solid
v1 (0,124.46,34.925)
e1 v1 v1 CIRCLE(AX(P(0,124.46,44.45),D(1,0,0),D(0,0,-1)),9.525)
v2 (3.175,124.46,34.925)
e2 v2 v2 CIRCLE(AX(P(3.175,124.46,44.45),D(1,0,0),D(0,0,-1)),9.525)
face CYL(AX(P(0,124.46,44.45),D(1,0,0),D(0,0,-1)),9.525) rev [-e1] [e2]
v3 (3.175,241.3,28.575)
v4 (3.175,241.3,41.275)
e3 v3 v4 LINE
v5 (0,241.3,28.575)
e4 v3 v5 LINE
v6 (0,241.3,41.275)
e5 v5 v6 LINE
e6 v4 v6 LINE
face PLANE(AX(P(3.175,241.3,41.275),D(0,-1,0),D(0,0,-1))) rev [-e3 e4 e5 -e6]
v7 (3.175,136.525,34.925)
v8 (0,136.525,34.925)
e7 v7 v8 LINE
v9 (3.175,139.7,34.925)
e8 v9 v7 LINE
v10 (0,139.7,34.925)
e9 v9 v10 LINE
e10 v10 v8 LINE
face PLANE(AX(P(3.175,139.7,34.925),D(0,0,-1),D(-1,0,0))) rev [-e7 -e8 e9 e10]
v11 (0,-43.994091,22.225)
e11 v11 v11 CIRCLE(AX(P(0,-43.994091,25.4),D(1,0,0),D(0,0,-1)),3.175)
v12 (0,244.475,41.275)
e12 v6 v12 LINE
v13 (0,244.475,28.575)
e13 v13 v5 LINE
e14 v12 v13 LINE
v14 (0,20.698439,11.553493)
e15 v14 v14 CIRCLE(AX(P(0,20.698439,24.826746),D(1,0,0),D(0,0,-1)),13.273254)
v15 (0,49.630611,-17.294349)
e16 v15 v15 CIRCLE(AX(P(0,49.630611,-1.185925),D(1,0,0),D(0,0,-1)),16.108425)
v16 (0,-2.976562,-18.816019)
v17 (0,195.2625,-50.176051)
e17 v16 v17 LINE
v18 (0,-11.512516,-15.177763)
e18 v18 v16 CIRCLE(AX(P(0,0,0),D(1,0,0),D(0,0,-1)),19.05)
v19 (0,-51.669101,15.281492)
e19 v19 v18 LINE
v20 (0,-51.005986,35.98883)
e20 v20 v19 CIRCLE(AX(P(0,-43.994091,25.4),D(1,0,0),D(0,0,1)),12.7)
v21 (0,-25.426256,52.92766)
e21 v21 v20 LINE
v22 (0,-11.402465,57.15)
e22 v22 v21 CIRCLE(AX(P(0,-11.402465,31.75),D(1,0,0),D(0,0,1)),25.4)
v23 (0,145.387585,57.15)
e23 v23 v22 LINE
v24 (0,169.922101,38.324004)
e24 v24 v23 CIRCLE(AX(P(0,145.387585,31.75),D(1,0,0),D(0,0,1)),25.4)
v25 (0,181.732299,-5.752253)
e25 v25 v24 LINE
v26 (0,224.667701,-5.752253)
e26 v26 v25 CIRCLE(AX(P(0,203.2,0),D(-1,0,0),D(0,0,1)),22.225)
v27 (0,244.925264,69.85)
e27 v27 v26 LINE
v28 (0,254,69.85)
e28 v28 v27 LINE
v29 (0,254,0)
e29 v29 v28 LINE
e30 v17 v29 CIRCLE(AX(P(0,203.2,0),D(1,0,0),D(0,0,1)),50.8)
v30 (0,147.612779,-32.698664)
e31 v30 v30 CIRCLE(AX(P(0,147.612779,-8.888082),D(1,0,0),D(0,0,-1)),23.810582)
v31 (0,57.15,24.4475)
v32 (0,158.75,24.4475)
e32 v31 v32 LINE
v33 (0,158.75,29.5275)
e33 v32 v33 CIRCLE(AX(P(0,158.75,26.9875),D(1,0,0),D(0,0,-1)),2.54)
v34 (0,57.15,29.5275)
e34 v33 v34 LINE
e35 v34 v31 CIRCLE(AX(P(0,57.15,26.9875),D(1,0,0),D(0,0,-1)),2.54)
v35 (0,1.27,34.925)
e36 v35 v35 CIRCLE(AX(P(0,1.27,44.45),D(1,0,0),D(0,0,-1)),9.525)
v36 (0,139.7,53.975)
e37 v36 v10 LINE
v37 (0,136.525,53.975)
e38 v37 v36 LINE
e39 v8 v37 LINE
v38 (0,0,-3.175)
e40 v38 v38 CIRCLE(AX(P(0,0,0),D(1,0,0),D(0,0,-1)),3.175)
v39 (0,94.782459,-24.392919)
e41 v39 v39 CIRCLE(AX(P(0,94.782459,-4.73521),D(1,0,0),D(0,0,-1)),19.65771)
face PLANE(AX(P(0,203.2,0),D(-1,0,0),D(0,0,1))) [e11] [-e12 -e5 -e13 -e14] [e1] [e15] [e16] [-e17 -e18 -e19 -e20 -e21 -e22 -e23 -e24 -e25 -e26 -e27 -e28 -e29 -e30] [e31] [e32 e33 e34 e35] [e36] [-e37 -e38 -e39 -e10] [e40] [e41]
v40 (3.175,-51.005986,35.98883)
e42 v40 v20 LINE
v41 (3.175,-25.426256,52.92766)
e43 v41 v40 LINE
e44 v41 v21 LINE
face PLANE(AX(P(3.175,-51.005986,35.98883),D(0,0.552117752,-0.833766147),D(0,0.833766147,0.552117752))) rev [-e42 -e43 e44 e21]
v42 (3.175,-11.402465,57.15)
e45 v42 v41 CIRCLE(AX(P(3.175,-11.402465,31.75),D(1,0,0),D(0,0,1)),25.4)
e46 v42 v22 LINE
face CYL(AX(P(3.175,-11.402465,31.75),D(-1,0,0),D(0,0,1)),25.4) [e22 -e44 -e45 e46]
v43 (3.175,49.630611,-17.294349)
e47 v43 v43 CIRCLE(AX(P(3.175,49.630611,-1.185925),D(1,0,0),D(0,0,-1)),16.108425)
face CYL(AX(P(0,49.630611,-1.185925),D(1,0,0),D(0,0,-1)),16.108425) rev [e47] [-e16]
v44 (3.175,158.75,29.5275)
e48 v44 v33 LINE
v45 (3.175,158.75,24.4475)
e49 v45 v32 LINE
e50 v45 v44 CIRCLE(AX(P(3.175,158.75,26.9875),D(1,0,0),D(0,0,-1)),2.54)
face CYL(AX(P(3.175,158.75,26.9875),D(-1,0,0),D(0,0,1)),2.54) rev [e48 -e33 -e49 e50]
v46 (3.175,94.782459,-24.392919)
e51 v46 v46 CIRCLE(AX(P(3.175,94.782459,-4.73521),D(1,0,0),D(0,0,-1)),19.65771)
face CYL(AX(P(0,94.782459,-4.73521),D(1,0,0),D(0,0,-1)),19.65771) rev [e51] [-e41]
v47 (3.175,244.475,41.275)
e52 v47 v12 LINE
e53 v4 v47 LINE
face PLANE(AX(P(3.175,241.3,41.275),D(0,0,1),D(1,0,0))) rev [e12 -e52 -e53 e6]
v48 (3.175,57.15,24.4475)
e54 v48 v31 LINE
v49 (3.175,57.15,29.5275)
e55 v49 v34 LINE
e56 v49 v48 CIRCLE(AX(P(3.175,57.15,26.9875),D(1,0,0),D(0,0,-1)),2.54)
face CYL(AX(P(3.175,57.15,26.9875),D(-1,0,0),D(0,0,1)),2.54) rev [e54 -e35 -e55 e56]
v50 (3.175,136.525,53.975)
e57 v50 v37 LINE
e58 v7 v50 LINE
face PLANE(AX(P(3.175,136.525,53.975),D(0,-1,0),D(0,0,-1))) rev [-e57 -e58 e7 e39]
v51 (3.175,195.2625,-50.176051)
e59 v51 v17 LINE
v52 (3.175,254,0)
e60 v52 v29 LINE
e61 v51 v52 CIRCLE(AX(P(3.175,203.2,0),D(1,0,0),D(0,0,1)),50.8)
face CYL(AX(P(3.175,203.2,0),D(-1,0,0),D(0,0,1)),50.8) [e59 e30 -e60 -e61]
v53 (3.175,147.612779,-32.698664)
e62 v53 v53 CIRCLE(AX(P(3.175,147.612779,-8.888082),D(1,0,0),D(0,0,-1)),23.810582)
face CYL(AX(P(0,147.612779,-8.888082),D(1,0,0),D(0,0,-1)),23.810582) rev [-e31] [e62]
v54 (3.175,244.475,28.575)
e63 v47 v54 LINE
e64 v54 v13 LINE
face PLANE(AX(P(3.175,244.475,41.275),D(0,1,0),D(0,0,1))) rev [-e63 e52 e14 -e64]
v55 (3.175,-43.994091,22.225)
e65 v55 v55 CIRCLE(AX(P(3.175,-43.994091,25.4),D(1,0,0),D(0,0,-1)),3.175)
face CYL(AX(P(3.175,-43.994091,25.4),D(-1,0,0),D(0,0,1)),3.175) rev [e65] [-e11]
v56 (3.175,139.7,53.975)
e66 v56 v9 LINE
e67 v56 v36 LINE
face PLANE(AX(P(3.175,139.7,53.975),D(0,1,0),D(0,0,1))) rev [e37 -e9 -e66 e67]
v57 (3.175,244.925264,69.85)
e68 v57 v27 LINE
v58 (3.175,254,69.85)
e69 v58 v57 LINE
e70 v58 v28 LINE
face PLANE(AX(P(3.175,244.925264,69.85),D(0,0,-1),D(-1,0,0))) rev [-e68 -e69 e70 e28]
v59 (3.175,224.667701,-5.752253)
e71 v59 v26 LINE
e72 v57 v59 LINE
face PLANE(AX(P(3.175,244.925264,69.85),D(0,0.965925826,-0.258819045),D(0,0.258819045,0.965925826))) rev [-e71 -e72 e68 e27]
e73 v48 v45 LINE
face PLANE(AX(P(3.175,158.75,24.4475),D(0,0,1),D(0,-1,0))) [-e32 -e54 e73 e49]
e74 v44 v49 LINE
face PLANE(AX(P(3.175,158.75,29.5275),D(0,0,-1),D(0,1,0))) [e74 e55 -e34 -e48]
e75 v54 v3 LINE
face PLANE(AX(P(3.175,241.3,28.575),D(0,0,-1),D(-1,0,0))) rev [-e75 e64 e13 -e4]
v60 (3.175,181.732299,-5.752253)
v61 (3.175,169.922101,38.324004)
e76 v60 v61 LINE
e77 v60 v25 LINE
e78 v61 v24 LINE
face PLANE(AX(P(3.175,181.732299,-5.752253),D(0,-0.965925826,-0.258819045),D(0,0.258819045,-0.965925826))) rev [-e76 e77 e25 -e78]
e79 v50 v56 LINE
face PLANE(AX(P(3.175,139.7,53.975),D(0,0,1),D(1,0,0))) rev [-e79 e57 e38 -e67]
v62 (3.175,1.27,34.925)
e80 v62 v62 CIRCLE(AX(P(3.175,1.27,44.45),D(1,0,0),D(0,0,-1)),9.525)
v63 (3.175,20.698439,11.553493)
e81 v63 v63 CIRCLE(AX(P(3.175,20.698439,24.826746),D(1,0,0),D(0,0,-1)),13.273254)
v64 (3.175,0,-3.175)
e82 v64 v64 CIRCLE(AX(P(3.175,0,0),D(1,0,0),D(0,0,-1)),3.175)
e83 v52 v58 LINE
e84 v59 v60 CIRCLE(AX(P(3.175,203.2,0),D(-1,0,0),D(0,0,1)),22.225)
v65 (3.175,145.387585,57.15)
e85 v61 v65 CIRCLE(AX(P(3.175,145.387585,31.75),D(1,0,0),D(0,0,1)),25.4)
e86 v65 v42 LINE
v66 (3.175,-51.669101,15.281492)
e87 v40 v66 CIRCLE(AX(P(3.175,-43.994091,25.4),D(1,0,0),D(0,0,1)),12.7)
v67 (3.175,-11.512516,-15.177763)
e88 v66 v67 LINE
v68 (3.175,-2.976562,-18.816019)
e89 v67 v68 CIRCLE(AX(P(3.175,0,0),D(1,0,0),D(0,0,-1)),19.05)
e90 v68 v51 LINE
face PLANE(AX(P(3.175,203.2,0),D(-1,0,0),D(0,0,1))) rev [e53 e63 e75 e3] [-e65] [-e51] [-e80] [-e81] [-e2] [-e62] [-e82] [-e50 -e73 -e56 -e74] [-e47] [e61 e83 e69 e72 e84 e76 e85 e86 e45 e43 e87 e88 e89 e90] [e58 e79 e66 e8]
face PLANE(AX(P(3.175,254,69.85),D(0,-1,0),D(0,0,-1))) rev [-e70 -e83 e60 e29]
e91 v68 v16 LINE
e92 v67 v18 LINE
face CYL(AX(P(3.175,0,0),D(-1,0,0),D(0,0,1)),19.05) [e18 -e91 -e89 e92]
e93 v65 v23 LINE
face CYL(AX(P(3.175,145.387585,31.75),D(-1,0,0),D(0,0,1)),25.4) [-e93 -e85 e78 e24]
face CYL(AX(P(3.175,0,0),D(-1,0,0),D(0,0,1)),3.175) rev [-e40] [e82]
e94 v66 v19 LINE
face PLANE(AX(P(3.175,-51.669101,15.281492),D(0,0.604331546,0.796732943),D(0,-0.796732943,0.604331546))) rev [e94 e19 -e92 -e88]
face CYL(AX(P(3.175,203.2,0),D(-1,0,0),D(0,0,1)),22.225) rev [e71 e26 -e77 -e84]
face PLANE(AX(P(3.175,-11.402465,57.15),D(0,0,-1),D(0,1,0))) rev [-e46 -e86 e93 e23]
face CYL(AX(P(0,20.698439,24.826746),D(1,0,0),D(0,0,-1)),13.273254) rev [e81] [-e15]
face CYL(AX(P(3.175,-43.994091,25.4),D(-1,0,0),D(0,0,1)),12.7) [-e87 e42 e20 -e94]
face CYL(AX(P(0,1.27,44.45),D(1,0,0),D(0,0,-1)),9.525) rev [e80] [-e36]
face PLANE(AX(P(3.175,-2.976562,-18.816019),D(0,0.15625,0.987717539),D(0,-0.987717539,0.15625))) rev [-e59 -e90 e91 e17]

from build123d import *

# Parameters (mm, degrees)
SKETCH1_R           = 3.175
BOSS_EXTRUDE1_DEPTH = 3.175
SKETCH2_W           = 19.05
SKETCH2_H           = 3.175
SKETCH2_W_2         = 12.7
CUT_EXTRUDE1_DEPTH  = 4.175
SKETCH3_R           = 23.810582085
SKETCH3_R_2         = 19.657709657
SKETCH3_R_3         = 16.108424526
SKETCH3_R_4         = 13.273253647
CUT_EXTRUDE2_DEPTH  = 4.175
SKETCH4_R           = 9.525
CUT_EXTRUDE3_DEPTH  = 4.175


with BuildPart() as part:
    # Sketch1 → Boss-Extrude1 (new body)
    with BuildSketch(Plane(origin=(0, 0, 0), x_dir=(0, 0, -1), z_dir=(1, 0, 0))):
        with BuildLine():
            Line((-69.85, 244.925264201), (5.752253277, 224.667701489))
            ThreePointArc((5.752253277, 224.667701489), (22.225, 203.2), (5.752253277, 181.732298511))
            Line((5.752253277, 181.732298511), (-38.324003746, 169.922101036))
            ThreePointArc((-38.324003746, 169.922101036), (-51.901174843, 160.850125345), (-57.15, 145.387585048))
            Line((-57.15, 145.387585048), (-57.15, -11.402464944))
            ThreePointArc((-57.15, -11.402464944), (-56.071518944, -18.725286548), (-52.927660139, -25.426255839))
            Line((-52.927660139, -25.426255839), (-35.988830069, -51.00598596))
            ThreePointArc((-35.988830069, -51.00598596), (-25.80648624, -56.687583685), (-15.281491626, -51.66910115))
            Line((-15.281491626, -51.66910115), (15.17776256, -11.512515957))
            ThreePointArc((15.17776256, -11.512515957), (17.524552025, -7.46944284), (18.816019124, -2.9765625))
            Line((18.816019124, -2.9765625), (50.176050998, 195.2625))
            ThreePointArc((50.176050998, 195.2625), (38.625542067, 236.195567884), (0, 254))
            Line((0, 254), (-69.85, 254))
            Line((-69.85, 254), (-69.85, 244.925264201))
        make_face()
        Circle(SKETCH1_R, mode=Mode.SUBTRACT)
        with Locations((-25.4, -43.994090512)):
            Circle(SKETCH1_R, mode=Mode.SUBTRACT)
        with BuildLine():
            Line((-24.4475, 158.75), (-24.4475, 57.15))
            ThreePointArc((-24.4475, 57.15), (-26.9875, 54.61), (-29.5275, 57.15))
            Line((-29.5275, 57.15), (-29.5275, 158.75))
            ThreePointArc((-29.5275, 158.75), (-26.9875, 161.29), (-24.4475, 158.75))
        make_face(mode=Mode.SUBTRACT)
    extrude(amount=BOSS_EXTRUDE1_DEPTH)

    # Sketch2 → Cut-Extrude1 (cut, through all)
    with BuildSketch(Plane.ZY):
        with Locations((44.45, 138.1125)):
            Rectangle(SKETCH2_W, SKETCH2_H)
        with Locations((34.925, 242.8875)):
            Rectangle(SKETCH2_W_2, SKETCH2_H)
    extrude(amount=-CUT_EXTRUDE1_DEPTH, mode=Mode.SUBTRACT)

    # Sketch3 → Cut-Extrude2 (cut, through all)
    with BuildSketch(Plane(origin=(3.175, 0, 0), x_dir=(0, 0, -1), z_dir=(1, 0, 0))):
        with Locations((8.888082085, 147.612778574)):
            Circle(SKETCH3_R)
        with Locations((4.735209657, 94.782459436)):
            Circle(SKETCH3_R_2)
        with Locations((1.185924526, 49.630611073)):
            Circle(SKETCH3_R_3)
        with Locations((-24.826746353, 20.698439358)):
            Circle(SKETCH3_R_4)
    extrude(amount=-CUT_EXTRUDE2_DEPTH, mode=Mode.SUBTRACT)

    # Sketch4 → Cut-Extrude3 (cut, through all)
    with BuildSketch(Plane(origin=(3.175, 0, 0), x_dir=(0, 0, -1), z_dir=(1, 0, 0))):
        with Locations((-44.45, 124.46)):
            Circle(SKETCH4_R)
        with Locations((-44.45, 1.27)):
            Circle(SKETCH4_R)
    extrude(amount=-CUT_EXTRUDE3_DEPTH, mode=Mode.SUBTRACT)


solid = part.part
